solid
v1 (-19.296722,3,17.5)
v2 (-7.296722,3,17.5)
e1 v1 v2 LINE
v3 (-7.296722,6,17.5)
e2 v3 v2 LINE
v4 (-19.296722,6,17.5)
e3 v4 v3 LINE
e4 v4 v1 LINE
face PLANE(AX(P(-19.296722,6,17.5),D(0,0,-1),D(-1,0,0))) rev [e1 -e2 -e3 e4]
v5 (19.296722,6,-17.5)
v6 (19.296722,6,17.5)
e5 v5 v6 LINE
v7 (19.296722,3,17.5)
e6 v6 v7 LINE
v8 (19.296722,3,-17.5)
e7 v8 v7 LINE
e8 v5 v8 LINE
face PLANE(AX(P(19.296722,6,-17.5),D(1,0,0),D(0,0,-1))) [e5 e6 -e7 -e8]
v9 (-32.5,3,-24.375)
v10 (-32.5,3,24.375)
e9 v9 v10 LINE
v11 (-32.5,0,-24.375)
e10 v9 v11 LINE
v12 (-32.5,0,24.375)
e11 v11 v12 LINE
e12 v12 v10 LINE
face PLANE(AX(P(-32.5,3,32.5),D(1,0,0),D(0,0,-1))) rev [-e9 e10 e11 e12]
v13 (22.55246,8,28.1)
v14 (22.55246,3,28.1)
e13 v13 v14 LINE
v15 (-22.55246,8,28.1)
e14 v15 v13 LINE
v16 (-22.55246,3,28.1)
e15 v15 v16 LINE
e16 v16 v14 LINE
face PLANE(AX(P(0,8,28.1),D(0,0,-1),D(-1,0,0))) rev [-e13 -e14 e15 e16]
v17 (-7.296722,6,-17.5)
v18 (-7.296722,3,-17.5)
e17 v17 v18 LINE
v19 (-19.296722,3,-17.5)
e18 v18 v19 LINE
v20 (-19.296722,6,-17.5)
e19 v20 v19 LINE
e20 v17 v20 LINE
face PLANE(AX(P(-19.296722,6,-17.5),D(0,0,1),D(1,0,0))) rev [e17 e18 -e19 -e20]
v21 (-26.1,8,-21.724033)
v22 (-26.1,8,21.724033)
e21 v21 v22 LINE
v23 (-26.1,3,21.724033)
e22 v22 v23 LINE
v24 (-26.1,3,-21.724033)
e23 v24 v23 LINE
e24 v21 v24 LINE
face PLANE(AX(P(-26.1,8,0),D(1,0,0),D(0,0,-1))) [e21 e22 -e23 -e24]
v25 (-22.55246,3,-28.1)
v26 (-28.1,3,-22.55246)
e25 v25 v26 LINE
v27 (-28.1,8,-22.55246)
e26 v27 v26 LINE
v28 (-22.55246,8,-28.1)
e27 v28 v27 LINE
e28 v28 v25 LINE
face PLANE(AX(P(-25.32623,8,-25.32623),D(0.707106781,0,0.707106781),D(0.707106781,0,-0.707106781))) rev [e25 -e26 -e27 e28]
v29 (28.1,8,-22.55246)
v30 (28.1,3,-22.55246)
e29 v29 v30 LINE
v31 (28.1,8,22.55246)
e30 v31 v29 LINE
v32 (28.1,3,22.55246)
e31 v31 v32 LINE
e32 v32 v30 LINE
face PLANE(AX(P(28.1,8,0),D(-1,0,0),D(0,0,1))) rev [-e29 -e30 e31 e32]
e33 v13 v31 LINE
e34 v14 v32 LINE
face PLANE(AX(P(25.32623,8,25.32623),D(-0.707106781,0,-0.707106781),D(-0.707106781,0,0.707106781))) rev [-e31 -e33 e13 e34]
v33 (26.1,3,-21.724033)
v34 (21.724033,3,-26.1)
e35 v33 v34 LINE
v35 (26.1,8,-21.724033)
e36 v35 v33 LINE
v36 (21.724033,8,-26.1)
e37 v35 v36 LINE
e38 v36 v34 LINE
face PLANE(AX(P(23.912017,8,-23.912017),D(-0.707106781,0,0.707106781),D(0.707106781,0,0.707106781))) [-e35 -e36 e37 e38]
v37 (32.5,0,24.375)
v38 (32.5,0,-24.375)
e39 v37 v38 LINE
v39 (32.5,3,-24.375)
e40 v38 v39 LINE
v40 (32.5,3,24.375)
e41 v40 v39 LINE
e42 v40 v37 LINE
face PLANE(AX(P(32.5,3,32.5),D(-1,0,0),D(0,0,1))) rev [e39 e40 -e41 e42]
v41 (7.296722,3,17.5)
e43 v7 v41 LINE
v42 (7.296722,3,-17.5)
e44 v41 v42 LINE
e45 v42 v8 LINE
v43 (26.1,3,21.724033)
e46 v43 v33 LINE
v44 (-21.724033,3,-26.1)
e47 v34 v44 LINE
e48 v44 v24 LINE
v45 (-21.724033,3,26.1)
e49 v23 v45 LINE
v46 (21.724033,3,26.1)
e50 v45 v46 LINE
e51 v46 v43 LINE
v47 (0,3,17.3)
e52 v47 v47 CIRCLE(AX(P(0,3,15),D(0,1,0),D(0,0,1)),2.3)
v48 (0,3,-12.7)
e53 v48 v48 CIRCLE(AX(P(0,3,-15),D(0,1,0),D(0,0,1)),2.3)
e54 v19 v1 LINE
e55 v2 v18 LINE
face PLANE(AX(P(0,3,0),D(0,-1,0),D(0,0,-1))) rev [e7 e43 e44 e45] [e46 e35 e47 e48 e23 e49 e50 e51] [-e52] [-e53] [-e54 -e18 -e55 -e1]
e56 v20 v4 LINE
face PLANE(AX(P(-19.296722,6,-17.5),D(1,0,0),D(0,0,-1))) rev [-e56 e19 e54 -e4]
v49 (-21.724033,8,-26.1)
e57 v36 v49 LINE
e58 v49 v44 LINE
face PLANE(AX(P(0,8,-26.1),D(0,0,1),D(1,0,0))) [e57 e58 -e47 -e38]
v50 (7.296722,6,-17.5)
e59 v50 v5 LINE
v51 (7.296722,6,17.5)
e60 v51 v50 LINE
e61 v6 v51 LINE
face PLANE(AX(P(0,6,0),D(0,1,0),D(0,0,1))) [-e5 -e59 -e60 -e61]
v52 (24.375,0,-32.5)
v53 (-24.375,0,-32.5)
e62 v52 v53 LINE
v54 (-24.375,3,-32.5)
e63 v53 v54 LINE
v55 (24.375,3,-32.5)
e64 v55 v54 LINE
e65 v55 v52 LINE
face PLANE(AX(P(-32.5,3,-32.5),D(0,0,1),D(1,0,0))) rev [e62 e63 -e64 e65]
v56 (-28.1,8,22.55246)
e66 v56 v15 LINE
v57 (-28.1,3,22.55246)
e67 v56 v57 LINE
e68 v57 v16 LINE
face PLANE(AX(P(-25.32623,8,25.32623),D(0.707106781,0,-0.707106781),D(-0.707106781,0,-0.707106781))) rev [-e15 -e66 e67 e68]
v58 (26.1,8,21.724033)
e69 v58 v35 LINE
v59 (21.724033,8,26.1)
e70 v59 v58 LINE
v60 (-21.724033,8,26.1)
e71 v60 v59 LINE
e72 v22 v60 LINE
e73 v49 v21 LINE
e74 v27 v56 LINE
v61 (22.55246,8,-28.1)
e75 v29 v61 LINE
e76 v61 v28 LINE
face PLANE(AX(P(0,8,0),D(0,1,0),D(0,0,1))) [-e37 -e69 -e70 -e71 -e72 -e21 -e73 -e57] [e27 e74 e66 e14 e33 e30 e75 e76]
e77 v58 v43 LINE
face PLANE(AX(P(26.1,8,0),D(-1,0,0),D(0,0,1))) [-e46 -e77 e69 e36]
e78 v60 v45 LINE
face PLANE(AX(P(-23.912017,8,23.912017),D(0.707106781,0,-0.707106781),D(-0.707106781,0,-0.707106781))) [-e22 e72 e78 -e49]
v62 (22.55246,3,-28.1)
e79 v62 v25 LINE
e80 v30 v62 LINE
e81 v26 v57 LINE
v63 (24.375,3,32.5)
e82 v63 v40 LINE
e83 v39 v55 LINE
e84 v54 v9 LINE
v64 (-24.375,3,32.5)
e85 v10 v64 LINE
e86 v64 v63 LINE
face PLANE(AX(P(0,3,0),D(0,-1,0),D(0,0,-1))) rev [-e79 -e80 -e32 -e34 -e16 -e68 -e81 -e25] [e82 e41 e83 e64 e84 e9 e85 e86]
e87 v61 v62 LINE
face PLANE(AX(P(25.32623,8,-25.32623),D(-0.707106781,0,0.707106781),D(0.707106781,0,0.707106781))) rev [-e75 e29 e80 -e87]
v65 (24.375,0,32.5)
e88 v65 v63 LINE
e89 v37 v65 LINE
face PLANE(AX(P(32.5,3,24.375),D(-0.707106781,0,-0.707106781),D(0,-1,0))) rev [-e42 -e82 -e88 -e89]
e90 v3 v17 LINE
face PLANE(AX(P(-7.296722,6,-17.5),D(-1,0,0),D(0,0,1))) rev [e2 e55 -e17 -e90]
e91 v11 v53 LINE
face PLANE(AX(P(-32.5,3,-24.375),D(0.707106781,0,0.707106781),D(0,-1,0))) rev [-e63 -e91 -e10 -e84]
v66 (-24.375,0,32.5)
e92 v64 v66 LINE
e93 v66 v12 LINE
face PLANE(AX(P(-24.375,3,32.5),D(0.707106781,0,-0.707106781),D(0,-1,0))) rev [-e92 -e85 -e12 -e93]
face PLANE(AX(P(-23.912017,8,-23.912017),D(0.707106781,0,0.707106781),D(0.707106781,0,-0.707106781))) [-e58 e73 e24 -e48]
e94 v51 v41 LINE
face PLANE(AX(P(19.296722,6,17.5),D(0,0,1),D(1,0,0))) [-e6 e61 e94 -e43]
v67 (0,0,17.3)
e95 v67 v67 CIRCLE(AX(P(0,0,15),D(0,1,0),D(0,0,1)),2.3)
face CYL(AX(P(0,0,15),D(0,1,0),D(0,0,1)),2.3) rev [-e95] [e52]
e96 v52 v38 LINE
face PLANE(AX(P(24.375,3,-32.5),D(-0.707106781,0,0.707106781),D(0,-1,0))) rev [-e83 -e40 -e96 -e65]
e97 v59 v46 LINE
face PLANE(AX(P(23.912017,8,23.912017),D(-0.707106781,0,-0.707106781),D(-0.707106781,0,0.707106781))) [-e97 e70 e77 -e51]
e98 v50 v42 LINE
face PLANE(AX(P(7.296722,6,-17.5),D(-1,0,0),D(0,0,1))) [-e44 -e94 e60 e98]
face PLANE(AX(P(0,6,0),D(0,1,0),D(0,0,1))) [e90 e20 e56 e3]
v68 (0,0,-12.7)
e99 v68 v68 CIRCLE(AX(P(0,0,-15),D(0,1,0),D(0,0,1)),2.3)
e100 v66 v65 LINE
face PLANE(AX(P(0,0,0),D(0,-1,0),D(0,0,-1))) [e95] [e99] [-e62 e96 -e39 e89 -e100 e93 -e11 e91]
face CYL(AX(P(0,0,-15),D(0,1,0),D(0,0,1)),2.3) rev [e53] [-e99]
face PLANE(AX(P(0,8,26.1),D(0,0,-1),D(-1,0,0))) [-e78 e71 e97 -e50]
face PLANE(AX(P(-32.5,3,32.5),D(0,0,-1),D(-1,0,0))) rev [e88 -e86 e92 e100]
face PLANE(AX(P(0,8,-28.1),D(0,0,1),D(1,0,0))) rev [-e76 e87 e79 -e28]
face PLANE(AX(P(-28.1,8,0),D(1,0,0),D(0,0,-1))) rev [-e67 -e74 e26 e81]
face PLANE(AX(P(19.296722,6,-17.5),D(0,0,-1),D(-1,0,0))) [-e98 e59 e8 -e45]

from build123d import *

# Parameters (mm, degrees)
SKETCH1_W      = 65
SKETCH1_H      = 65
EXTRUDE1_DEPTH = 3
CHAMFER1_SIZE  = 8.125
EXTRUDE2_DEPTH = 5
SKETCH3_W      = 12
SKETCH3_H      = 35
EXTRUDE3_DEPTH = 3
SKETCH4_R      = 2.3
EXTRUDE4_DEPTH = 3


with BuildPart() as part:
    # Sketch1 → Extrude1 (new body)
    with BuildSketch(Plane(origin=(0, 0, 0), x_dir=(1, 0, 0), z_dir=(0, 1, 0))):
        Rectangle(SKETCH1_W, SKETCH1_H)
    extrude(amount=EXTRUDE1_DEPTH)

    # Chamfer1
    chamfer1_edges = [part.edges().sort_by_distance(p)[0] for p in [
        (32.5, 1.5, 32.5),
        (-32.5, 1.5, 32.5),
        (-32.5, 1.5, -32.5),
        (32.5, 1.5, -32.5),
    ]]
    chamfer(chamfer1_edges, length=CHAMFER1_SIZE)

    # Sketch2 → Extrude2 (add)
    with BuildSketch(Plane(origin=(0, 3, 0), x_dir=(1, 0, 0), z_dir=(0, 1, 0))):
        Polygon((22.552460326, 28.1), (-22.552460326, 28.1), (-28.1, 22.552460326), (-28.1, -22.552460326), (-22.552460326, -28.1), (22.552460326, -28.1), (28.1, -22.552460326), (28.1, 22.552460326), align=None)
        Polygon((-21.724033201, 26.1), (-26.1, 21.724033201), (-26.1, -11.272604381), (-26.1, -21.724033201), (-21.724033201, -26.1), (21.724033201, -26.1), (26.1, -21.724033201), (26.1, 21.724033201), (21.724033201, 26.1), align=None, mode=Mode.SUBTRACT)
    extrude(amount=EXTRUDE2_DEPTH)

    # Sketch3 → Extrude3 (add)
    with BuildSketch(Plane(origin=(0, 3, 0), x_dir=(1, 0, 0), z_dir=(0, 1, 0))):
        with Locations((-13.296722284, 0)):
            Rectangle(SKETCH3_W, SKETCH3_H)
    extrude3 = extrude(amount=EXTRUDE3_DEPTH)

    # Mirror1: Extrude3 across plane
    add(extrude3.mirror(Plane(origin=(0, 0, 0), x_dir=(0, 0, 1), z_dir=(1, 0, 0))))

    # Sketch4 → Extrude4 (cut)
    with BuildSketch(Plane(origin=(0, 3, 0), x_dir=(1, 0, 0), z_dir=(0, 1, 0))):
        with Locations(Location((0, 15, 0), (0, 0, 270))):
            Circle(SKETCH4_R)
        with Locations(Location((0, -15, 0), (0, 0, 270))):
            Circle(SKETCH4_R)
    extrude(amount=-EXTRUDE4_DEPTH, mode=Mode.SUBTRACT)


solid = part.part
